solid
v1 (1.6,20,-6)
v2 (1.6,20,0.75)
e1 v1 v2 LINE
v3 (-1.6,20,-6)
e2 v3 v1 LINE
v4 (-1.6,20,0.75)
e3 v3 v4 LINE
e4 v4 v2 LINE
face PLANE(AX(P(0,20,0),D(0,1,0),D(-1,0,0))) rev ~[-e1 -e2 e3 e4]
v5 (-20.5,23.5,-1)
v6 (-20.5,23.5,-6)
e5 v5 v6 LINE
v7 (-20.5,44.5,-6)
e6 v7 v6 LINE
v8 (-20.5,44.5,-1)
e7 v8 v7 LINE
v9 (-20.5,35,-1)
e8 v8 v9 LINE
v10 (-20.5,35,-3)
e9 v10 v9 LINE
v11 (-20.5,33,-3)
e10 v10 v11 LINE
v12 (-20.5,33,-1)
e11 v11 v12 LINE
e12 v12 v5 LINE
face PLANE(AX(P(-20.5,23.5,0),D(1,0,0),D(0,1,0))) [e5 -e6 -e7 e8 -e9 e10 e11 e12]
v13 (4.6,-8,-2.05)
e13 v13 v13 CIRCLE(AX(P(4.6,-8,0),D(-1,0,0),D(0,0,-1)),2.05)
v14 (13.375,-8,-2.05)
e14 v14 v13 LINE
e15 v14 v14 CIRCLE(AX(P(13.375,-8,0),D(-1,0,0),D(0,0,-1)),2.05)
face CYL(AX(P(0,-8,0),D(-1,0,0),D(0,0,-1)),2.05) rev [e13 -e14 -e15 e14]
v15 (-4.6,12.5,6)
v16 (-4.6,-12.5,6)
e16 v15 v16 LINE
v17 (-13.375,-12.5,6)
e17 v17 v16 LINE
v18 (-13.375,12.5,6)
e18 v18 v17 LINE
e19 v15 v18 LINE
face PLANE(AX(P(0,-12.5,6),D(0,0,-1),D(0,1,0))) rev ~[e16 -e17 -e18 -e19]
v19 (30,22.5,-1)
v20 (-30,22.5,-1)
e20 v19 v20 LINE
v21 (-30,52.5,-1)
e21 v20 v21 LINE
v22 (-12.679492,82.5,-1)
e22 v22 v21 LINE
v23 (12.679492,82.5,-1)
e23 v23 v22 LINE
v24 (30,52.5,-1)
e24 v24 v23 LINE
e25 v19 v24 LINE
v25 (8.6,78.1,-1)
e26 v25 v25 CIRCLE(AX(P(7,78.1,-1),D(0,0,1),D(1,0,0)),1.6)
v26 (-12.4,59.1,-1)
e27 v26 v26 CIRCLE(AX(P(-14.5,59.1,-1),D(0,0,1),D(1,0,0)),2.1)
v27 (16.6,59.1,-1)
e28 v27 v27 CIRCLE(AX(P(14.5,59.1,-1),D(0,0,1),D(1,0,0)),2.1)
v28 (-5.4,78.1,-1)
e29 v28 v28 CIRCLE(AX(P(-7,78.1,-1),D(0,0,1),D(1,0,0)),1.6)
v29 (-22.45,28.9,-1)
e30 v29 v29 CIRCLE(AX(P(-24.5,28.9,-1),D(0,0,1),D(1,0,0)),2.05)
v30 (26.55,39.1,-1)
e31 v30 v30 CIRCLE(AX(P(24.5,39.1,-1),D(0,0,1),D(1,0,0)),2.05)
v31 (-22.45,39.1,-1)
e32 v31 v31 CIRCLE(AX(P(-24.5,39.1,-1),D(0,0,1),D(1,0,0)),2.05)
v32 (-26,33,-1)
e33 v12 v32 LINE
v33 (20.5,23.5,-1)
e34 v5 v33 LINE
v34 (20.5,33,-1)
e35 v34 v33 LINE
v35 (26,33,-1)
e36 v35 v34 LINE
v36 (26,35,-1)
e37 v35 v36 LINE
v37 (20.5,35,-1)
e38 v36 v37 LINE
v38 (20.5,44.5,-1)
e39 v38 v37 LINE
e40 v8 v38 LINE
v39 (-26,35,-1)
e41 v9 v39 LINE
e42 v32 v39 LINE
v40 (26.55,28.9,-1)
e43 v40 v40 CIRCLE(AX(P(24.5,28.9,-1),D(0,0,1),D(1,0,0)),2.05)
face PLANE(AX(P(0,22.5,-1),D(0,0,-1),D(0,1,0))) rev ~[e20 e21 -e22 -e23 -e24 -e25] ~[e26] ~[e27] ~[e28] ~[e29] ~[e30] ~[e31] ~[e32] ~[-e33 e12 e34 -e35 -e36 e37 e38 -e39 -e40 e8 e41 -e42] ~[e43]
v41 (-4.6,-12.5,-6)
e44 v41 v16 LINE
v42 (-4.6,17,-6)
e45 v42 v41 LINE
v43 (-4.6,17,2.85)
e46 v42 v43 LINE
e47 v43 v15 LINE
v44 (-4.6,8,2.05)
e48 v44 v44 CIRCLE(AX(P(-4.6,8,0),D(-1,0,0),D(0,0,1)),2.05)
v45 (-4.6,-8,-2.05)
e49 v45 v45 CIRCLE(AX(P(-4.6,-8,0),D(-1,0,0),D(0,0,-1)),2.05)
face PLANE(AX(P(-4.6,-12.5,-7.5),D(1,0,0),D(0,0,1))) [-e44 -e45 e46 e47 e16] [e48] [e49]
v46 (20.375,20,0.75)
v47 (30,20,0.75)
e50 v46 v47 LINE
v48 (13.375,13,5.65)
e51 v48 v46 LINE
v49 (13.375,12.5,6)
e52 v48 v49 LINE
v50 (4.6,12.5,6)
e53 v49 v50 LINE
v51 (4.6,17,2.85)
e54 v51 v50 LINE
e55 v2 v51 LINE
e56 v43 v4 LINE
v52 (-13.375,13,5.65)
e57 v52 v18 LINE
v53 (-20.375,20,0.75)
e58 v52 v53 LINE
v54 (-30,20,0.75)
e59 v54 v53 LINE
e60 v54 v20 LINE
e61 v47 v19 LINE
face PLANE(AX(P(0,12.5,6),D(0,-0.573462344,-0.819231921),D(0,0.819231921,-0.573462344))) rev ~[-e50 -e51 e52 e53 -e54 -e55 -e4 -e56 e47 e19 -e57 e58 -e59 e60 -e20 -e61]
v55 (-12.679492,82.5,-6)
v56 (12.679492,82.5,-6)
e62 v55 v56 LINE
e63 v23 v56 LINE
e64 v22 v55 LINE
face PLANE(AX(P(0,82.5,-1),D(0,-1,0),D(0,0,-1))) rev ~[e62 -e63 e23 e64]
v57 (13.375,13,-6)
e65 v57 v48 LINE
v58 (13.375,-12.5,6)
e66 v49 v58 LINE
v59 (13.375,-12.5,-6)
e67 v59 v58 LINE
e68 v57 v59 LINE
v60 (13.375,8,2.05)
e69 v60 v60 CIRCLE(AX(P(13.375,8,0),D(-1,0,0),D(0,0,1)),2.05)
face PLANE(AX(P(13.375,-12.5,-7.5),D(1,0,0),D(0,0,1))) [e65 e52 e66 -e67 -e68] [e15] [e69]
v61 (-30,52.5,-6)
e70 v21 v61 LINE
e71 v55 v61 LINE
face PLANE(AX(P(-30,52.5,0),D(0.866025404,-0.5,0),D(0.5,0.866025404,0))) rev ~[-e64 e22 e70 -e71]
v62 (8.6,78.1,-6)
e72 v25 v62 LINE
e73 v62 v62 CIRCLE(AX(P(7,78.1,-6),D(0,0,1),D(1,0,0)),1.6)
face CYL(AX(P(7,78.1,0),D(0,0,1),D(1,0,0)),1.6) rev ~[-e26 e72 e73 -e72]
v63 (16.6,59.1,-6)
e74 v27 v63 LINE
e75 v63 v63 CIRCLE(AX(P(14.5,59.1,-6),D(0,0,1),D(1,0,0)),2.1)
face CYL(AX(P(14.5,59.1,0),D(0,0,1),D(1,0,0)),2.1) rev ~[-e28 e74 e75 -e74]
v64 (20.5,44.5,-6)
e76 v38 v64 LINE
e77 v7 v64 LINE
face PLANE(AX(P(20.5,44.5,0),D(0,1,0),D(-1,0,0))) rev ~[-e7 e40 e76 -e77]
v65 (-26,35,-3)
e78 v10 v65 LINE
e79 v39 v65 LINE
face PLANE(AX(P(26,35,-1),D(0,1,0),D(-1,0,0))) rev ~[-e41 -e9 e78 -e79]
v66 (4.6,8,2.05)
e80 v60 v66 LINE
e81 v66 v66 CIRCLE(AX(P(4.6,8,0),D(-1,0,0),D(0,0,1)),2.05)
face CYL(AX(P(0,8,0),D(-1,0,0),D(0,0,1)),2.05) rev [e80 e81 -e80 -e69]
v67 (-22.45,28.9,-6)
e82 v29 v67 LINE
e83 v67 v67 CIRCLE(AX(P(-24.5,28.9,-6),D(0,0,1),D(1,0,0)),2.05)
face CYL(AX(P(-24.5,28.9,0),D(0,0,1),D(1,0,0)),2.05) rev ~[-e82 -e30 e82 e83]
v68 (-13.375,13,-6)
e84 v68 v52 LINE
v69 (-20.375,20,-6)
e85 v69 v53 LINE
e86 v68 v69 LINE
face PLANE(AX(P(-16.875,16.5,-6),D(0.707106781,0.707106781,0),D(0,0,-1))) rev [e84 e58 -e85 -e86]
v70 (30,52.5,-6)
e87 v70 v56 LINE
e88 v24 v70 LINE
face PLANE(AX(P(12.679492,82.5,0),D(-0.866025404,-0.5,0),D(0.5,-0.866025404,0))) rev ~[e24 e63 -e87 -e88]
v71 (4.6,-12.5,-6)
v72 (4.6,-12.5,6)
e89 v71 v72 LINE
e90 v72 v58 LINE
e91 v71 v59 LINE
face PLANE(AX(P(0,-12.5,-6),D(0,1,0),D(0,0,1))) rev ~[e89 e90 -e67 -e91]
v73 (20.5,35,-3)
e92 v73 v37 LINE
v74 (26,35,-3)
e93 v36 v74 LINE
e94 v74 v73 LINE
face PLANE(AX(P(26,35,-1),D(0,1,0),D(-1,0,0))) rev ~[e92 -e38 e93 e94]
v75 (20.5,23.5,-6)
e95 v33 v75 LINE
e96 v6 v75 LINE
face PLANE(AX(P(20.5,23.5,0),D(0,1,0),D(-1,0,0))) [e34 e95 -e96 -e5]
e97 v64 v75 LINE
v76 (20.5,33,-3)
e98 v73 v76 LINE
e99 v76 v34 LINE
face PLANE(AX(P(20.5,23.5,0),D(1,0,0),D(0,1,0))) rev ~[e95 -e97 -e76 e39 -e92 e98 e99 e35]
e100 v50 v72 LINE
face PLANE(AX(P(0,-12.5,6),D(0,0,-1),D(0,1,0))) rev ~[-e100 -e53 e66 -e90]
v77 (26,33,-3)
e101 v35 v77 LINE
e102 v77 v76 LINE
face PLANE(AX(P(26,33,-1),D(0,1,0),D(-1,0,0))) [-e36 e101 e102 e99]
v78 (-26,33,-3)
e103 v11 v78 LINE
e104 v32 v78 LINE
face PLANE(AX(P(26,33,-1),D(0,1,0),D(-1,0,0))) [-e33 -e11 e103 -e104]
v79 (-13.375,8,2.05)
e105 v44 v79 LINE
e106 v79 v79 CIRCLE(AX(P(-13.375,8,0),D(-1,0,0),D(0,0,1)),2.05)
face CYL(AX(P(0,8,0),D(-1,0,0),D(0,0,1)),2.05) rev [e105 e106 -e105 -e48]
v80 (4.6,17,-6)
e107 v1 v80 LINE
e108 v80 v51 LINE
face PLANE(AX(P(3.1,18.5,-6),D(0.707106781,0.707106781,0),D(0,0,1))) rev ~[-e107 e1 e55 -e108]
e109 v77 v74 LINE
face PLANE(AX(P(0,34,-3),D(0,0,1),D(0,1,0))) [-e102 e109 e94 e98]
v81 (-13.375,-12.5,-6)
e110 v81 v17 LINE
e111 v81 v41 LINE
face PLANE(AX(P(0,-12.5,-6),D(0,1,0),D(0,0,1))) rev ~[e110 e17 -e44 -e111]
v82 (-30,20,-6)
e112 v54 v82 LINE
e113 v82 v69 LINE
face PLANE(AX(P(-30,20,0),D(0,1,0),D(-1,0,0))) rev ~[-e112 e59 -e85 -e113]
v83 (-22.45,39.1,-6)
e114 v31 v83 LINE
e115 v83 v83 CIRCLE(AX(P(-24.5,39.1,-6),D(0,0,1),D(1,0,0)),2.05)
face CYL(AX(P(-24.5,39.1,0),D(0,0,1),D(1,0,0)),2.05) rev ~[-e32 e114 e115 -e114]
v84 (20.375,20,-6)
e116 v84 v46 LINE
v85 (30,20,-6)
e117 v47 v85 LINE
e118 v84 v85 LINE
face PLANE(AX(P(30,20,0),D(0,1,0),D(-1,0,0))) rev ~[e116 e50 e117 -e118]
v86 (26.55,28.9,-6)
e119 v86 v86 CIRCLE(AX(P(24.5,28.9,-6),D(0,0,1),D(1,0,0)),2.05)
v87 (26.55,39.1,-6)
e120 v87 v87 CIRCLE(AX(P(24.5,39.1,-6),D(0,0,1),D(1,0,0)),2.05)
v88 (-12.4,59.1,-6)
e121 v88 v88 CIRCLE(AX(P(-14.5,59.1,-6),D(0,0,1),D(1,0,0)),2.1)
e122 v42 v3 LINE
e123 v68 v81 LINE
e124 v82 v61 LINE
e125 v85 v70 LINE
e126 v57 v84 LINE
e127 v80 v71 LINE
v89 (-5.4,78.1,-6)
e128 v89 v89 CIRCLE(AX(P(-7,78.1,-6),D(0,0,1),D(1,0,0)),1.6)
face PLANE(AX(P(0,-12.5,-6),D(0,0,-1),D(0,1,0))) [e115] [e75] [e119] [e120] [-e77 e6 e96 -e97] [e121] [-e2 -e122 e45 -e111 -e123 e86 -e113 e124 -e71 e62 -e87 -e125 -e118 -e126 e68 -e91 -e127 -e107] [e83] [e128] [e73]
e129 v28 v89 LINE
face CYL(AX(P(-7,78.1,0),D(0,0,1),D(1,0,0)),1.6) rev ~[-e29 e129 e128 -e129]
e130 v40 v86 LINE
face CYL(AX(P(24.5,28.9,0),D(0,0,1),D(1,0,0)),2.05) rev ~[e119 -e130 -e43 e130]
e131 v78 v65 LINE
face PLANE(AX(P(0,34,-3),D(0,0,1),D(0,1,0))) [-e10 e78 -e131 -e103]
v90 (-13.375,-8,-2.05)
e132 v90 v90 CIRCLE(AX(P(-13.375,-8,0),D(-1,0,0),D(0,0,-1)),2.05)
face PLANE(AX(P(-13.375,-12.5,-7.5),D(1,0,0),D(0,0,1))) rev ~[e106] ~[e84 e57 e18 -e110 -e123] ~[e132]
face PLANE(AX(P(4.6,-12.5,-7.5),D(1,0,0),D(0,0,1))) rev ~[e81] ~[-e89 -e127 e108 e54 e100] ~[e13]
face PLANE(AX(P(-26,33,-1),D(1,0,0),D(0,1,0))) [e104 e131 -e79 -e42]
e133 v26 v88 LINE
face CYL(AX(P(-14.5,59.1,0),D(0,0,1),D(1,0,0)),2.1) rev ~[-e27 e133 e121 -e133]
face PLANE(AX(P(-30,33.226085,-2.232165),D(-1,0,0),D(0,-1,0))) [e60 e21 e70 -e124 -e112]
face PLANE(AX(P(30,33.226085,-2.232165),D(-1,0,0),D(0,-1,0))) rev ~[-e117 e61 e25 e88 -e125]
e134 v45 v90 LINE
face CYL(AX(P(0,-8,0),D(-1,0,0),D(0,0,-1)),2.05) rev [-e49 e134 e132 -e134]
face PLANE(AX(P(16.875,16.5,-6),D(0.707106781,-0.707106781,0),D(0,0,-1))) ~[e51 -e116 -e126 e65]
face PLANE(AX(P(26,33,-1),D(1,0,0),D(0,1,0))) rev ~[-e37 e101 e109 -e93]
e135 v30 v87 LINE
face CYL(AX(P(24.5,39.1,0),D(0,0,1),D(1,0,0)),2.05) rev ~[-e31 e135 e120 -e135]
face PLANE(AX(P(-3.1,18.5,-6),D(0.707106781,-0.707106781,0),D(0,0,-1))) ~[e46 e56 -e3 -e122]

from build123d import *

# Parameters (mm, degrees)
SKETCH2_R           = 2.05
BOSS_EXTRUDE1_DEPTH = 30
CUT_EXTRUDE1_START  = -12.5
SKETCH3_W           = 9.2
SKETCH3_H           = 15
SKETCH3_W_2         = 33.25
CUT_EXTRUDE1_DEPTH  = 32.5
CHAMFER1_SIZE       = 3
CHAMFER2_SIZE       = 7
SKETCH4_R           = 2.05
SKETCH4_W           = 21
SKETCH4_H           = 41
CUT_EXTRUDE2_DEPTH  = 30
SKETCH5_R           = 2.1
SKETCH5_R_2         = 1.6
CUT_EXTRUDE3_DEPTH  = 10
CUT_EXTRUDE4_DEPTH  = 10
CUT_EXTRUDE6_START  = -1
SKETCH8_W           = 2
SKETCH8_H           = 52
CUT_EXTRUDE6_DEPTH  = 2


with BuildPart() as part:
    # Sketch2 → Boss-Extrude1 (new, symmetric)
    with BuildSketch(Plane.YZ):
        Polygon((-12.5, 6), (12.5, 6), (22.5, -1), (82.5, -1), (82.5, -6), (12.5, -6), (-12.5, -6), align=None)
        with Locations(Location((-8, 0, 0), (0, 0, 270))):
            Circle(SKETCH2_R, mode=Mode.SUBTRACT)
        with Locations(Location((8, 0, 0), (0, 0, 90))):
            Circle(SKETCH2_R, mode=Mode.SUBTRACT)
    extrude(amount=BOSS_EXTRUDE1_DEPTH, both=True)

    # Sketch3 → Cut-Extrude1 (cut)
    with BuildSketch(Plane(origin=(0, 0, 0), x_dir=(-1, 0, 0), z_dir=(0, 1, 0)).offset(CUT_EXTRUDE1_START)):
        Rectangle(SKETCH3_W, SKETCH3_H)
        with Locations((-30, 0)):
            Rectangle(SKETCH3_W_2, SKETCH3_H)
        with Locations((30, 0)):
            Rectangle(SKETCH3_W_2, SKETCH3_H)
    extrude(amount=CUT_EXTRUDE1_DEPTH, mode=Mode.SUBTRACT)

    # Chamfer1
    chamfer1_edges = [part.edges().sort_by_distance(p)[0] for p in [
        (-4.6, 20, -2.625),
        (4.6, 20, -2.625),
    ]]
    chamfer(chamfer1_edges, length=CHAMFER1_SIZE)

    # Chamfer2
    chamfer2_edges = [part.edges().sort_by_distance(p)[0] for p in [
        (-13.375, 20, -2.625),
        (13.375, 20, -2.625),
    ]]
    chamfer(chamfer2_edges, length=CHAMFER2_SIZE)

    # Sketch4 → Cut-Extrude2 (cut)
    with BuildSketch(Plane(origin=(0, 0, 0), x_dir=(0, 1, 0), z_dir=(0, 0, 1))):
        with Locations(Location((39.1, 24.5, 0), (0, 0, 270))):
            Circle(SKETCH4_R)
        with Locations(Location((28.9, 24.5, 0), (0, 0, 270))):
            Circle(SKETCH4_R)
        with Locations(Location((28.9, -24.5, 0), (0, 0, 270))):
            Circle(SKETCH4_R)
        with Locations(Location((39.1, -24.5, 0), (0, 0, 270))):
            Circle(SKETCH4_R)
        with Locations((34, 0)):
            Rectangle(SKETCH4_W, SKETCH4_H)
    extrude(amount=-CUT_EXTRUDE2_DEPTH, mode=Mode.SUBTRACT)

    # Sketch5 → Cut-Extrude3 (cut)
    with BuildSketch(Plane(origin=(0, 0, 0), x_dir=(0, 1, 0), z_dir=(0, 0, 1))):
        with Locations(Location((59.1, 14.5, 0), (0, 0, 270))):
            Circle(SKETCH5_R)
        with Locations(Location((59.1, -14.5, 0), (0, 0, 270))):
            Circle(SKETCH5_R)
        with Locations(Location((78.1, 7, 0), (0, 0, 270))):
            Circle(SKETCH5_R_2)
        with Locations(Location((78.1, -7, 0), (0, 0, 270))):
            Circle(SKETCH5_R_2)
    extrude(amount=-CUT_EXTRUDE3_DEPTH, mode=Mode.SUBTRACT)

    # Sketch6 → Cut-Extrude4 (cut)
    with BuildSketch(Plane(origin=(0, 0, 0), x_dir=(0, 1, 0), z_dir=(0, 0, 1))):
        Polygon((52.5, 30), (82.5, 12.679491924), (82.5, -12.679491924), (52.5, -30), (52.5, -35), (87.5, -35), (87.5, 35), (52.5, 35), align=None)
    extrude(amount=-CUT_EXTRUDE4_DEPTH, mode=Mode.SUBTRACT)

    # Sketch8 → Cut-Extrude6 (cut)
    with BuildSketch(Plane(origin=(0, 0, 0), x_dir=(0, 1, 0), z_dir=(0, 0, 1)).offset(CUT_EXTRUDE6_START)):
        with Locations((34, 0)):
            Rectangle(SKETCH8_W, SKETCH8_H)
    extrude(amount=-CUT_EXTRUDE6_DEPTH, mode=Mode.SUBTRACT)


solid = part.part
